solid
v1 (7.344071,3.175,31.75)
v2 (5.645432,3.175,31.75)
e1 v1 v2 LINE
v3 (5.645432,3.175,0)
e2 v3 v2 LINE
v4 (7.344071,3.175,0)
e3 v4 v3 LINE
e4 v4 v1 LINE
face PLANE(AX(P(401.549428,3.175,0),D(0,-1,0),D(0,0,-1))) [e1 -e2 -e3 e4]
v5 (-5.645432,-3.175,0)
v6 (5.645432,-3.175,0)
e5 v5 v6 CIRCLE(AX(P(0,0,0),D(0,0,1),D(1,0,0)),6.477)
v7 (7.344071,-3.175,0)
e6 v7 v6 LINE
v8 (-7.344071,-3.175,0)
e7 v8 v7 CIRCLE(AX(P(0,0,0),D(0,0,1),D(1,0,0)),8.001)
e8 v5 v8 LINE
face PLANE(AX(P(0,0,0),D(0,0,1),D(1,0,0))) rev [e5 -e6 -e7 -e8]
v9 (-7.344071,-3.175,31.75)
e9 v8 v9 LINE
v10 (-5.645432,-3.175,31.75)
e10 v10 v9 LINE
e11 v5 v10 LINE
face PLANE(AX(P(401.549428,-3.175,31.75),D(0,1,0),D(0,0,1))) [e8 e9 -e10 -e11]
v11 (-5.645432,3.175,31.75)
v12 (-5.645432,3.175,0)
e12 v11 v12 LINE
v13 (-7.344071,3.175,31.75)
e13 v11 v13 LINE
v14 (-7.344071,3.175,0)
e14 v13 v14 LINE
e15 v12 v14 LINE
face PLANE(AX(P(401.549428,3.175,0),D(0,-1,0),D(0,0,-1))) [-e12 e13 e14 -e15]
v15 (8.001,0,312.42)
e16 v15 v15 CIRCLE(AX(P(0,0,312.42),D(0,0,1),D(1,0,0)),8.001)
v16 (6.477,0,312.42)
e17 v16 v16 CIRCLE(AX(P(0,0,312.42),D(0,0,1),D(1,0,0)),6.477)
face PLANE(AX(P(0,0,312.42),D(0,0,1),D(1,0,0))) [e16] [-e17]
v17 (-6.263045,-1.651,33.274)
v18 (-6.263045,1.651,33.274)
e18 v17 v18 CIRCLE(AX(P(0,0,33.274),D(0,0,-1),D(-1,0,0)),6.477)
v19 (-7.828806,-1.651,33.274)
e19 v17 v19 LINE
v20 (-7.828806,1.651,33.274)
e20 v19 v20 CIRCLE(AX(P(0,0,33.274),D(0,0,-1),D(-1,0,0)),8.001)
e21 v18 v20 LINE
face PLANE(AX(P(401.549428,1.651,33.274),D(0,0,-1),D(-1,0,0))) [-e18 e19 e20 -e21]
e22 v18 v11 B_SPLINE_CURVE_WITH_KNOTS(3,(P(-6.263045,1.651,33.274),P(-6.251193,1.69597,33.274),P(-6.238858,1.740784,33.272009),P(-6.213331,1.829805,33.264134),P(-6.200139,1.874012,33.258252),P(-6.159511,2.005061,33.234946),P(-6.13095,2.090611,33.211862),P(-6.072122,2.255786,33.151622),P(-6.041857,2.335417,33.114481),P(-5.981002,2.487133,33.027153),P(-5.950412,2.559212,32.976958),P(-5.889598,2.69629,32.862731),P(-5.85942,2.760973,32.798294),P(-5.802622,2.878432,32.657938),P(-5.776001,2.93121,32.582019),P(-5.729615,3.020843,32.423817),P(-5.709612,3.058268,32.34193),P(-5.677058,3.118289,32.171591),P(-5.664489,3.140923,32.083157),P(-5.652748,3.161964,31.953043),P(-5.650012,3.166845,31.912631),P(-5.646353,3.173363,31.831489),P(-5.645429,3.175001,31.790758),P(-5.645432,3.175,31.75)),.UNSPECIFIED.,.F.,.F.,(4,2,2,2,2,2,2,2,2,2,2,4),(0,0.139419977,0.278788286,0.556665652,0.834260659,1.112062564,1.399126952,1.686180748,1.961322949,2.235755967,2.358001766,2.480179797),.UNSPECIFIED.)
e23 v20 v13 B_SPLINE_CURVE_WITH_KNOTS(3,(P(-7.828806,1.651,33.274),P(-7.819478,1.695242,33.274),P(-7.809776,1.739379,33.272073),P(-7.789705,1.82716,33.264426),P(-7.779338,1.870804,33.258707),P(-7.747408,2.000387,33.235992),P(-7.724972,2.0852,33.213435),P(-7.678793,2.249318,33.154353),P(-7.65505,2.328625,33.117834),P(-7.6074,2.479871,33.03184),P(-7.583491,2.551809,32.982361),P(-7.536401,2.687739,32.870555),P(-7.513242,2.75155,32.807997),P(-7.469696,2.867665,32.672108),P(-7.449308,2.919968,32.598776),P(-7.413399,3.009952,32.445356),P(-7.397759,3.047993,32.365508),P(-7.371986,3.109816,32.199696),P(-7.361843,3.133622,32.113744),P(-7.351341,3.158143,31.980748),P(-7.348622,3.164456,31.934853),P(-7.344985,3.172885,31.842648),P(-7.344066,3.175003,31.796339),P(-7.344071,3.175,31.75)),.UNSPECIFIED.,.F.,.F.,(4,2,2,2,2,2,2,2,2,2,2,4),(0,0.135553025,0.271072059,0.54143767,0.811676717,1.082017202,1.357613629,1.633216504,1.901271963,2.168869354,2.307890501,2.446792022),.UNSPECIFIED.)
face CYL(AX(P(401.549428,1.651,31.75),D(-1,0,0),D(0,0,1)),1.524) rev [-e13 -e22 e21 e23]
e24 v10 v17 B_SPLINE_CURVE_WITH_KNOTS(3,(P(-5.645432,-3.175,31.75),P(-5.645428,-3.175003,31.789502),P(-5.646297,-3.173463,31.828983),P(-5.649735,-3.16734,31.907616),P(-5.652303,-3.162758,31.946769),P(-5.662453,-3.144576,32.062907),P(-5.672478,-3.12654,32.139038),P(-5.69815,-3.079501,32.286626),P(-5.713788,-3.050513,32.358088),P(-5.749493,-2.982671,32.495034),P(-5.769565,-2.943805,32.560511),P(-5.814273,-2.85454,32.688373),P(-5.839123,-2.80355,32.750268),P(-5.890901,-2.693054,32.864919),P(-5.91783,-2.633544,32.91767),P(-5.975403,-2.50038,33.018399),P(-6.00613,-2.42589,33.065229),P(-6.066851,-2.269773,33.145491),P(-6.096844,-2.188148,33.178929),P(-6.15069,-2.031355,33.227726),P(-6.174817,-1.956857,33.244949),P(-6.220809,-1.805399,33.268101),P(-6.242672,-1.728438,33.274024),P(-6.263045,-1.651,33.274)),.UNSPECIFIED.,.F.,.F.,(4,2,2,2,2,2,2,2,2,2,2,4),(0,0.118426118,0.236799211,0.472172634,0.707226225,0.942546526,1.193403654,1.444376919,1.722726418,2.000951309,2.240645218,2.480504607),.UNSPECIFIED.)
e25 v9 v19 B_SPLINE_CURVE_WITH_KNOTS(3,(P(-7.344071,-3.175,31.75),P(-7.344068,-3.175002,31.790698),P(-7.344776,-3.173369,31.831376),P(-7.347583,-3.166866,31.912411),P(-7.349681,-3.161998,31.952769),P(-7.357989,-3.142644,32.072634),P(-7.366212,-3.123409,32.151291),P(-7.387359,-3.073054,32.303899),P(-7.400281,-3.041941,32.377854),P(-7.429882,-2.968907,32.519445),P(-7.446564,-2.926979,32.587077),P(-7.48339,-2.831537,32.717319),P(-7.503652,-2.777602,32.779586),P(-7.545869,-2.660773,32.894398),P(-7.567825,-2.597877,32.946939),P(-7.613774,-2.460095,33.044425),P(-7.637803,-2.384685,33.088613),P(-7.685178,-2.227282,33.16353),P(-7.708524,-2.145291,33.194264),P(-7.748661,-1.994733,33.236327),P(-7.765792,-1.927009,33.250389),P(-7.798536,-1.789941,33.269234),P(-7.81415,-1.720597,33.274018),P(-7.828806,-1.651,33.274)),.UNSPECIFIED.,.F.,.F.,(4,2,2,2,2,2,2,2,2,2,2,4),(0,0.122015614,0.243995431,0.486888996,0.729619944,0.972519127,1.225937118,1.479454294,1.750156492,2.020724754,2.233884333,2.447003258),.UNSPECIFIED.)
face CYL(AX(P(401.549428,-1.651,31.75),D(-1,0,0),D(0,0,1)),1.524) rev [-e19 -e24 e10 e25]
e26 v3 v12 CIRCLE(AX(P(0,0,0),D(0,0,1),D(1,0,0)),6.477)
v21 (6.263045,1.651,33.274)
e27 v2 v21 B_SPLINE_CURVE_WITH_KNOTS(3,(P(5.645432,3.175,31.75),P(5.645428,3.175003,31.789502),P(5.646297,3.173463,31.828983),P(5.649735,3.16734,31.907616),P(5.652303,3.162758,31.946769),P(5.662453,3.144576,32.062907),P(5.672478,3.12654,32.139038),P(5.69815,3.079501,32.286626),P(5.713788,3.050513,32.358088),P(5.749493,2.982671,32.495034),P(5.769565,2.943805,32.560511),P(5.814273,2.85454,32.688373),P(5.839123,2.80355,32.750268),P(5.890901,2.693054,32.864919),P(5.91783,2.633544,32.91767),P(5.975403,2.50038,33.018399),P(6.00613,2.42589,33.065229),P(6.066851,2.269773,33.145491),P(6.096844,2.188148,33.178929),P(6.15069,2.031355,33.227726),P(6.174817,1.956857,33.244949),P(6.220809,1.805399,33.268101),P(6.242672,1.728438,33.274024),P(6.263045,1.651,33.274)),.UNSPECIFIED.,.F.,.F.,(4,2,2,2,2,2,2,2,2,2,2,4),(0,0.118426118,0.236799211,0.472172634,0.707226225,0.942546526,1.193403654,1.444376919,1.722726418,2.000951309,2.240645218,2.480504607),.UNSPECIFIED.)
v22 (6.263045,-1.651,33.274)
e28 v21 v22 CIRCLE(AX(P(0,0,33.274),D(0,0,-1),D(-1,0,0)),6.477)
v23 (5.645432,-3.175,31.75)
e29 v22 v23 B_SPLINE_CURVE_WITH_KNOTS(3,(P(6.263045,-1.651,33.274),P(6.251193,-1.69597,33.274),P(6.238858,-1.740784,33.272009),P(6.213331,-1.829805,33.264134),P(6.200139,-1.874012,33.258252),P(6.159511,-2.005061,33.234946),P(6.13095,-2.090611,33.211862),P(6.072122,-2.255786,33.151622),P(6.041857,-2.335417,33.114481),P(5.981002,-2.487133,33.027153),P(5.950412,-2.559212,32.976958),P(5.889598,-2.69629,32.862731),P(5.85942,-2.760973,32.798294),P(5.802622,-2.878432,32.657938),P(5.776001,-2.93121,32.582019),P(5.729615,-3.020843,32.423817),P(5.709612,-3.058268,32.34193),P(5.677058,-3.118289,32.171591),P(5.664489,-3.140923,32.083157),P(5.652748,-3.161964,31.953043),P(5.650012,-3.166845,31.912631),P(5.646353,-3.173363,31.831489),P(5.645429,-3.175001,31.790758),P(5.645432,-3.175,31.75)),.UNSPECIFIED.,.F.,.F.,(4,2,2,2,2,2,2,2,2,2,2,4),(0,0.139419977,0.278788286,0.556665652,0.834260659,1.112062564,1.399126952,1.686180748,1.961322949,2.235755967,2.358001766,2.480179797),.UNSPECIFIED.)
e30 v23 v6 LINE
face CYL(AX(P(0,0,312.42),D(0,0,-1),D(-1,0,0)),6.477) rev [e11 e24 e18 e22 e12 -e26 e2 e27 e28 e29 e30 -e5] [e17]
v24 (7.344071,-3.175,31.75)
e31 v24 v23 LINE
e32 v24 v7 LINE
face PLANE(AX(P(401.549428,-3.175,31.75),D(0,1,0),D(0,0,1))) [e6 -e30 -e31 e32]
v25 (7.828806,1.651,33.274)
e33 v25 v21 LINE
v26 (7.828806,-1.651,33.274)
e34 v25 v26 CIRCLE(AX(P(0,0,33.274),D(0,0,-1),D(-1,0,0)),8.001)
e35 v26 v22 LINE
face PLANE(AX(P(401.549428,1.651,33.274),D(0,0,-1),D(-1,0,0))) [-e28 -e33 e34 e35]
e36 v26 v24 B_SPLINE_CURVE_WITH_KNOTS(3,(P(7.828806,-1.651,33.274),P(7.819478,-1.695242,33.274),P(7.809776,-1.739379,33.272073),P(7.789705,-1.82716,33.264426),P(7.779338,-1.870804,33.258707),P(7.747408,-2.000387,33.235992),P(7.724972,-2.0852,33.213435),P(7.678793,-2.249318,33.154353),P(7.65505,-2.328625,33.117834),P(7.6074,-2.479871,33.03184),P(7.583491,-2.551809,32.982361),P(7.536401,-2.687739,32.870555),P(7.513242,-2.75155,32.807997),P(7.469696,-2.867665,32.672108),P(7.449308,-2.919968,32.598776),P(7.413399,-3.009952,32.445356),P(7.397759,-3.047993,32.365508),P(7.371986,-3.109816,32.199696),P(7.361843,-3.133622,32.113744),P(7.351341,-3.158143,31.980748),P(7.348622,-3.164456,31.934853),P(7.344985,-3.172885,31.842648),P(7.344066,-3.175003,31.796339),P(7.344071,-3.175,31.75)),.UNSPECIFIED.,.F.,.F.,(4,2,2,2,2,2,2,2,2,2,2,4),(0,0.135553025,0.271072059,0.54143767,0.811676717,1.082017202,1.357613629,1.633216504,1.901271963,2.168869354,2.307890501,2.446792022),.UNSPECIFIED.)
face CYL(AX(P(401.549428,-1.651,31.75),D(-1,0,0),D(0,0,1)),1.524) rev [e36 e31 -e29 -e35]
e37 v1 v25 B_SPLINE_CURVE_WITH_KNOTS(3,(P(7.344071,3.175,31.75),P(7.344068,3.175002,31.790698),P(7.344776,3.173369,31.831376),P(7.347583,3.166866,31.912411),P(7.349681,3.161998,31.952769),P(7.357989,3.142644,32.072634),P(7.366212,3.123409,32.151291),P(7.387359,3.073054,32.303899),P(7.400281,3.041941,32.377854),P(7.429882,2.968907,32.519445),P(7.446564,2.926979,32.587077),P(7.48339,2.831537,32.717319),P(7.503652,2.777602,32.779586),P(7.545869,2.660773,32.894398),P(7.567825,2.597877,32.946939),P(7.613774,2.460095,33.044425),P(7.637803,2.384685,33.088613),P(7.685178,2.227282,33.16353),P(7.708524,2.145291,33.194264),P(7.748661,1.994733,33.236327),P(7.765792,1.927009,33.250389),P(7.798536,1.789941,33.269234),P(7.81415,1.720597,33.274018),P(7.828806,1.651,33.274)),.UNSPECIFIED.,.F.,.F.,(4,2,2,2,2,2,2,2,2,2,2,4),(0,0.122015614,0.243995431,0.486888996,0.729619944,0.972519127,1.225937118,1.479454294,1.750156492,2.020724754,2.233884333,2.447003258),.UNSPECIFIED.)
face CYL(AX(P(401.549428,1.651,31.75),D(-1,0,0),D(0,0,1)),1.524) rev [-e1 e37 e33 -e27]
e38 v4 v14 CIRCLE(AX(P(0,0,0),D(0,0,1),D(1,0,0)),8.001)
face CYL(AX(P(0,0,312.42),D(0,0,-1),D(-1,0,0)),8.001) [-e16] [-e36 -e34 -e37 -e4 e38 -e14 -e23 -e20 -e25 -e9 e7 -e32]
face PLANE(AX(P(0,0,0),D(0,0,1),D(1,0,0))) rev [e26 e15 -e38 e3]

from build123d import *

# Parameters (mm, degrees)
SKETCH1_R               = 8.001
SKETCH1_R_2             = 6.477
BOSS_EXTRUDE1_DEPTH     = 312.42
CUT_EXTRUDE2_DEPTH      = 9.001
CUT_EXTRUDE2_DEPTH_BACK = 9.001


with BuildPart() as part:
    # Sketch1 → Boss-Extrude1 (new body)
    with BuildSketch(Plane.XY):
        Circle(SKETCH1_R)
        Circle(SKETCH1_R_2, mode=Mode.SUBTRACT)
    extrude(amount=BOSS_EXTRUDE1_DEPTH)

    # Sketch2 → Cut-Extrude2 (cut, two sides)
    with BuildSketch(Plane(origin=(0, 0, 0), x_dir=(0, 0, -1), z_dir=(1, 0, 0))) as cut_extrude2_sk:
        with BuildLine():
            Line((635.239664052, 3.175), (0, 3.175))
            Line((0, 3.175), (-31.75, 3.175))
            ThreePointArc((-31.75, 3.175), (-32.827630735, 2.728630735), (-33.274, 1.651))
            Line((-33.274, 1.651), (-33.274, -1.651))
            ThreePointArc((-33.274, -1.651), (-32.827630735, -2.728630735), (-31.75, -3.175))
            Line((-31.75, -3.175), (0, -3.175))
            Line((0, -3.175), (635.239664052, -3.175))
            Line((635.239664052, -3.175), (1905.718992156, -3.175))
            Line((1905.718992156, -3.175), (1905.718992156, 3.175))
            Line((1905.718992156, 3.175), (635.239664052, 3.175))
        make_face()
    extrude(amount=CUT_EXTRUDE2_DEPTH, mode=Mode.SUBTRACT)
    extrude(cut_extrude2_sk.sketch, amount=-CUT_EXTRUDE2_DEPTH_BACK, mode=Mode.SUBTRACT)


solid = part.part
